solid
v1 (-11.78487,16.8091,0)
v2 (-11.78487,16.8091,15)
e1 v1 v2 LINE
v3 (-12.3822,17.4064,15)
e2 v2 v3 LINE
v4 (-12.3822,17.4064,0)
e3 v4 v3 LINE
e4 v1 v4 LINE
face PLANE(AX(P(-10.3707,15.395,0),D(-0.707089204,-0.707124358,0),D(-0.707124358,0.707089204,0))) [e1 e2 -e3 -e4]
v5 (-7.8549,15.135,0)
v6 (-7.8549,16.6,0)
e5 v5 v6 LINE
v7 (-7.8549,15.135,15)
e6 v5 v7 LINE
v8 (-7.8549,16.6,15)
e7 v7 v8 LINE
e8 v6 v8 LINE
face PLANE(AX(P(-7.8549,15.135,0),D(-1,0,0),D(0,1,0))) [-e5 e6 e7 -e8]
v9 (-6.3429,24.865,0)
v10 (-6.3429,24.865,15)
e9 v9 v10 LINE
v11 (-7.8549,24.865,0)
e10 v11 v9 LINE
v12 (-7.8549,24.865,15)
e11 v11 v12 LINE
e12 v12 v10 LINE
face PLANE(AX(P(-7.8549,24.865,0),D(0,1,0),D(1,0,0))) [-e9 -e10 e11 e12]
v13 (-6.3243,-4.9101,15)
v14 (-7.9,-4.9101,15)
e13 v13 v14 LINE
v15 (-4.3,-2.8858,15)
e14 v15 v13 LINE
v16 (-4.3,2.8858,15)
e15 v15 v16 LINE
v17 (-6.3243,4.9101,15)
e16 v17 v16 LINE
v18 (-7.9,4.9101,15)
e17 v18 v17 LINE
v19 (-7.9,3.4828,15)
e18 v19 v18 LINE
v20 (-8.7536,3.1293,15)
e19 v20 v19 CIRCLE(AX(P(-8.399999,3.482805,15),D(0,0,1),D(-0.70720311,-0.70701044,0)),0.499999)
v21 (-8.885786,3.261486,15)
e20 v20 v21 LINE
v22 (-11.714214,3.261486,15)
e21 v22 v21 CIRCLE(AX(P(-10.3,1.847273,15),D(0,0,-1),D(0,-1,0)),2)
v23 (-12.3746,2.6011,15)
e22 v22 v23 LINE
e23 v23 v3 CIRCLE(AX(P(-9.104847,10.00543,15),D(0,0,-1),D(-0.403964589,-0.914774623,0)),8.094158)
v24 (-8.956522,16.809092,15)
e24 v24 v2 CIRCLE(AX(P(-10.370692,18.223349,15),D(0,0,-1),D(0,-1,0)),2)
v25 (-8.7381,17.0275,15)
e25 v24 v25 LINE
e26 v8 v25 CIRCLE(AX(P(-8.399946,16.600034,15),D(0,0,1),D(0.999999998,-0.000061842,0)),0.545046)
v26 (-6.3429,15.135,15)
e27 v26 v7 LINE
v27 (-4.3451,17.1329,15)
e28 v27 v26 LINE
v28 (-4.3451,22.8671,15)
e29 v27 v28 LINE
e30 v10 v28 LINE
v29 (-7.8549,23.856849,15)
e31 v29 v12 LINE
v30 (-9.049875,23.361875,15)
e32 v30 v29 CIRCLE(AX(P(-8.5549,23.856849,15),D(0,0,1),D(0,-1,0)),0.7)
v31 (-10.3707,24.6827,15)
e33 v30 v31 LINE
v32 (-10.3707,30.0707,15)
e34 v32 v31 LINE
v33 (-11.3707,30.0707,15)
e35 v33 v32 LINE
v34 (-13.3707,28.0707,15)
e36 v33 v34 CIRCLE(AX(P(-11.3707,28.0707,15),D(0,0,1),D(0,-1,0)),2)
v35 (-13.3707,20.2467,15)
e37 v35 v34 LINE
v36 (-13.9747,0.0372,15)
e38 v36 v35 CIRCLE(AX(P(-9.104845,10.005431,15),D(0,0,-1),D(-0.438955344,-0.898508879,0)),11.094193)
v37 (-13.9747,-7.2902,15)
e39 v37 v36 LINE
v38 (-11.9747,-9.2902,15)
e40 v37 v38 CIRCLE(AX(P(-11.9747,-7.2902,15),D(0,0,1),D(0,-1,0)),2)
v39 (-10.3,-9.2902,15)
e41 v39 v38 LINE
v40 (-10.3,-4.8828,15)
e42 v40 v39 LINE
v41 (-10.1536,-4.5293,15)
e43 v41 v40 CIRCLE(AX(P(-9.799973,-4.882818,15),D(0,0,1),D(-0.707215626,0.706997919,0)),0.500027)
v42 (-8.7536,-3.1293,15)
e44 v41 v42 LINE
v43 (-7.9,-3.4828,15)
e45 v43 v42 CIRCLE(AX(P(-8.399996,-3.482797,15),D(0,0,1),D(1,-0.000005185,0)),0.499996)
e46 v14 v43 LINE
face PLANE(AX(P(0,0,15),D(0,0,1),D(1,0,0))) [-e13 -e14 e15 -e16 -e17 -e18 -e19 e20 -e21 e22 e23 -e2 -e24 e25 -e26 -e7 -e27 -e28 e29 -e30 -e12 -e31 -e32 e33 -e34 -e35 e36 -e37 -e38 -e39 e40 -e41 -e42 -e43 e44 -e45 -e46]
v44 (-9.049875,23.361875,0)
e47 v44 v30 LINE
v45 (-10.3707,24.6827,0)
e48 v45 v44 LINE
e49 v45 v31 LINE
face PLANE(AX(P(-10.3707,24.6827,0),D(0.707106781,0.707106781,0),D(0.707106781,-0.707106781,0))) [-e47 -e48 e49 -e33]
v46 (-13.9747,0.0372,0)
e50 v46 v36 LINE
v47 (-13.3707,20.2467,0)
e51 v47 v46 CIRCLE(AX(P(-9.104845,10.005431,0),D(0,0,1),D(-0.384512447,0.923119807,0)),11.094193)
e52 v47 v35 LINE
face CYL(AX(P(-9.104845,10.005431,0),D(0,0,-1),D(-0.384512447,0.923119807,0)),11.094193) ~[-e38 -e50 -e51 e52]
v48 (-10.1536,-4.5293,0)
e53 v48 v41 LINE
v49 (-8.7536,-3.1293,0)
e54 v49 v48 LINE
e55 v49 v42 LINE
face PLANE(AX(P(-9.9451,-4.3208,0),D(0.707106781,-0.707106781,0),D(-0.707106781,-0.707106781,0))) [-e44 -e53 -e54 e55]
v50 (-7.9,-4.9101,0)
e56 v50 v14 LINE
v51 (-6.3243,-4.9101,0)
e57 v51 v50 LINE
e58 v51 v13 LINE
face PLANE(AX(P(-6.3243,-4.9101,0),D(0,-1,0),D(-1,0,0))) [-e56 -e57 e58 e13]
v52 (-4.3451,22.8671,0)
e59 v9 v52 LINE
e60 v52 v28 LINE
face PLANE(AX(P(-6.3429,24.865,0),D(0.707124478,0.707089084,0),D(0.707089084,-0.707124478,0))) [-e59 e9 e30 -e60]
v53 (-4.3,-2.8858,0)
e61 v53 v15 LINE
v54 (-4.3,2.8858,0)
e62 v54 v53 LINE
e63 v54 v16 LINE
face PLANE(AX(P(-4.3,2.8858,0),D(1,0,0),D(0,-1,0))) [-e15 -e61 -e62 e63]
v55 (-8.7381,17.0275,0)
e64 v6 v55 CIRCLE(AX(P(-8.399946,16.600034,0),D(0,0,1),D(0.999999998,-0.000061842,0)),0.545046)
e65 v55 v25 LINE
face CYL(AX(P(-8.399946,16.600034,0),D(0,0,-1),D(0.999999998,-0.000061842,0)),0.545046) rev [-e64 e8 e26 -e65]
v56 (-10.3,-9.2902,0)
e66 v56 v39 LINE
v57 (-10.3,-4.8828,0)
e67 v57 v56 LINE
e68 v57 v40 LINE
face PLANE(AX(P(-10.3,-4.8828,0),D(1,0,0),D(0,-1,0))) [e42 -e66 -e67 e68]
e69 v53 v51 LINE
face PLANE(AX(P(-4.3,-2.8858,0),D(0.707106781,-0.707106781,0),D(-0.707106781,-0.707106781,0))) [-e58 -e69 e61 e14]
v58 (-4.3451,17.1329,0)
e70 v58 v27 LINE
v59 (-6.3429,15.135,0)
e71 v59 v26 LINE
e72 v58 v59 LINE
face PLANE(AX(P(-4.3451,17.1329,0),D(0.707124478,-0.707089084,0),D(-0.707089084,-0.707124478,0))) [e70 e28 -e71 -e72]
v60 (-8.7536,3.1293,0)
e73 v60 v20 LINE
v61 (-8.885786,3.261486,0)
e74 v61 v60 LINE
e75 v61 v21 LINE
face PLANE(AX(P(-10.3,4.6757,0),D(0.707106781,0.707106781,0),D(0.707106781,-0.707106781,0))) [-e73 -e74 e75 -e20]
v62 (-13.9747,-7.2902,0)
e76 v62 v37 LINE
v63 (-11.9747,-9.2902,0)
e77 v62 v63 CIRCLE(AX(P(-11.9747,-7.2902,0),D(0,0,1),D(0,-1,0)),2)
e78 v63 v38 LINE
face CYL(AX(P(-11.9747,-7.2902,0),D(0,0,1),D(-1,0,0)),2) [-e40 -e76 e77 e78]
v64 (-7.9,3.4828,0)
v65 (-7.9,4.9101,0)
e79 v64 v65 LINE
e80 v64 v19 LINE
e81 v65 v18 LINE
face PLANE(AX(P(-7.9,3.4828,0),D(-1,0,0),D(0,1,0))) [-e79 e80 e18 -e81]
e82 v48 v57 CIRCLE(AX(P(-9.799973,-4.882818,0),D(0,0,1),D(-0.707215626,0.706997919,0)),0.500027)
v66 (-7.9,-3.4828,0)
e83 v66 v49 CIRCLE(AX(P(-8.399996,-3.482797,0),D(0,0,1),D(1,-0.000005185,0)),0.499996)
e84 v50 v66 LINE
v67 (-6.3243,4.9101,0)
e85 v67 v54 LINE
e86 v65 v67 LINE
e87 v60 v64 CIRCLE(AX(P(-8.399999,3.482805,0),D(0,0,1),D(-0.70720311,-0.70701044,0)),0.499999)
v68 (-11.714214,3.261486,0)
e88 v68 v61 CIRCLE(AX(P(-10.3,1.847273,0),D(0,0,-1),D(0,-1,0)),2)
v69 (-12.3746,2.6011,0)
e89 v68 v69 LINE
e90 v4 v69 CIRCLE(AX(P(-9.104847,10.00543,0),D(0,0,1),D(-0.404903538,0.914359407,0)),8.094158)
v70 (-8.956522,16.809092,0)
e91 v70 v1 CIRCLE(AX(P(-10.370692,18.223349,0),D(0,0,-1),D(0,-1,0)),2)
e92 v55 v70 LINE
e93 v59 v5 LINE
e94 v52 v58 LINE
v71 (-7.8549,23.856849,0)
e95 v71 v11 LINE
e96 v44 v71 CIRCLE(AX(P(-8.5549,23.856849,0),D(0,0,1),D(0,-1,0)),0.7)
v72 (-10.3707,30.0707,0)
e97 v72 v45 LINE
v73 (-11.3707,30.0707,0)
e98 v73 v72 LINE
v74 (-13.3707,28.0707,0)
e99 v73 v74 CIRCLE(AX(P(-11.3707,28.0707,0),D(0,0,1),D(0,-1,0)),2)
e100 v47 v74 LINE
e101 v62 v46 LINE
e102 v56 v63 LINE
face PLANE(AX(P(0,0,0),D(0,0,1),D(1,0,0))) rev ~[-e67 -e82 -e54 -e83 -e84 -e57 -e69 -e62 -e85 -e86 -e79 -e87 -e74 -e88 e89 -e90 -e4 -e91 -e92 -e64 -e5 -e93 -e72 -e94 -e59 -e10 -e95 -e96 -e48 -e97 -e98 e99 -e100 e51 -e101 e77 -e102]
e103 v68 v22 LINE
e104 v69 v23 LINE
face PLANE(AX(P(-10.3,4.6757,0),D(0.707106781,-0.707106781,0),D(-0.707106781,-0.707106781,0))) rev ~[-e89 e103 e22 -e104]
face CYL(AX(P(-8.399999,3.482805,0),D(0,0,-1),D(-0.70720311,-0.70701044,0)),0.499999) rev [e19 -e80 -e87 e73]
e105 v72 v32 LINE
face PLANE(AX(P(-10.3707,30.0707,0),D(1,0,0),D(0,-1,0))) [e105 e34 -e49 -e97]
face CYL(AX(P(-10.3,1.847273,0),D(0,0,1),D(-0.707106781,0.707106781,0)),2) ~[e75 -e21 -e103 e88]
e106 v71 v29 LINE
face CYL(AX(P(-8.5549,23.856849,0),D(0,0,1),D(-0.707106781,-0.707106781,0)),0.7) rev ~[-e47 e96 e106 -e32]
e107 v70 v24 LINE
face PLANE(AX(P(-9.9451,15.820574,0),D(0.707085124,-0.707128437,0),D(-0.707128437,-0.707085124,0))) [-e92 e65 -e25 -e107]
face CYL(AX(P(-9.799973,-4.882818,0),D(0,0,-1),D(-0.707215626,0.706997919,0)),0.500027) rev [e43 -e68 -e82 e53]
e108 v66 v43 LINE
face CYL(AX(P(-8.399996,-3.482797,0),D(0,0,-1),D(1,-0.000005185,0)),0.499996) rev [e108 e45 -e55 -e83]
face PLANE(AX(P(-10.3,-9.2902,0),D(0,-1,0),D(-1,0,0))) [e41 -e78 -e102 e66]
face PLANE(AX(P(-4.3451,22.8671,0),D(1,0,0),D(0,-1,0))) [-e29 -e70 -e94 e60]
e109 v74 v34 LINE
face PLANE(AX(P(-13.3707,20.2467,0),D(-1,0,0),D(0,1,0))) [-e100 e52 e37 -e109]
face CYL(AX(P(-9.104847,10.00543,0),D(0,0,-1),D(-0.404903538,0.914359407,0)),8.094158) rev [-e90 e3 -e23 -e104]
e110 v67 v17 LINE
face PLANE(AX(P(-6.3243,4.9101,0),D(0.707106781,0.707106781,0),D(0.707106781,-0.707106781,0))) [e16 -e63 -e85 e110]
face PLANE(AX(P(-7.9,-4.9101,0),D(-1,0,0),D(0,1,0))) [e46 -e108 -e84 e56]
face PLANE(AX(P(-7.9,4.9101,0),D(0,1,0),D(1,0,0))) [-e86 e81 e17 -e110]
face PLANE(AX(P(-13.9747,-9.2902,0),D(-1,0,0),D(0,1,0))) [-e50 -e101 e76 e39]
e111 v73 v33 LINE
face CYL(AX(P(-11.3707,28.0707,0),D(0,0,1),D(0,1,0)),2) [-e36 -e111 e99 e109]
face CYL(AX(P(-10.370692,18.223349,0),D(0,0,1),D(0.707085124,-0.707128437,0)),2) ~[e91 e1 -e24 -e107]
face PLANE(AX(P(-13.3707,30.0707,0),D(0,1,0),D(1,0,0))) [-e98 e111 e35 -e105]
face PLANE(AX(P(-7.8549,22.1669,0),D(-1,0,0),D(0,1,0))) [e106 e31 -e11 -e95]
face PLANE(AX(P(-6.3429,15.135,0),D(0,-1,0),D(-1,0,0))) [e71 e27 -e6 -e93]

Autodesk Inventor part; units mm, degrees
ref_plane "YZ Plane" through (0, 0, 0) normal (1, 0, 0) x (0, 1, 0)
ref_plane "XZ Plane" through (0, 0, 0) normal (0, 1, 0) x (-1, 0, 0)
ref_plane "Work Plane1" through (0, 0, 0) normal (0, 0, 1) x (1, 0, 0)
sketch "Sketch1" plane through (0, 0, 0) normal (0, 0, 1) x (1, 0, 0)
  line L0 (-144.9451, -10.0865) -> (145.0549, -10.0865) projected
  line L1 (-9.9451, 37.9135) -> (-9.9451, -12.0865) projected
  line L2 (-122.9451, 37.9135) -> (-9.9451, 37.9135) projected
  line L3 (-122.9451, -12.0865) -> (-122.9451, 37.9135) projected
  line L4 (-122.9451, -12.0865) -> (-9.9451, -12.0865) projected
  line L5 (-2.2167, -121.222) -> (-2.2167, -6.222) projected
  line L6 (-8.2, 6.2) -> (-5.2101, 6.2)
  line L7 (-5.2101, 6.2) -> (-3.0101, 4)
  line L8 (-3.0101, 4) -> (-0.5, 4)
  line L9 (-0.5, 4) -> (0, 3.5)
  line L10 (0, 3.5) -> (0.5, 4)
  line L11 (0.5, 4) -> (3.0101, 4)
  line L12 (3.0101, 4) -> (5.2101, 6.2)
  line L13 (5.2101, 6.2) -> (8.2, 6.2)
  line L14 (8.2, 6.2) -> (8.2, 13.8828)
  line L15 (8.2, 13.8828) -> (5.2101, 13.8828)
  line L16 (5.2101, 13.8828) -> (3.0101, 16.0828)
  line L17 (3.0101, 16.0828) -> (0.5, 16.0828)
  line L18 (0.5, 16.0828) -> (0, 16.5828)
  line L19 (0, 16.5828) -> (-0.5, 16.0828)
  line L20 (-0.5, 16.0828) -> (-3.0101, 16.0828)
  line L21 (-3.0101, 16.0828) -> (-5.2101, 13.8828)
  line L22 (-5.2101, 13.8828) -> (-8.2, 13.8828)
  line L23 (-8.2, 13.8828) -> (-8.2, 6.2)
  line L24 (-8.2, 16.6) -> (-8.2, 14.7899)
  line L25 (-8.2, 14.7899) -> (-6.2, 14.7899)
  line L26 (-6.2, 14.7899) -> (-4, 16.9899)
  line L27 (-4, 16.9899) -> (-4, 19.5)
  line L28 (-4, 19.5) -> (-3.5, 20)
  line L29 (-3.5, 20) -> (-4, 20.5)
  line L30 (-4, 20.5) -> (-4, 23.0101)
  line L31 (-4, 23.0101) -> (-6.2, 25.2101)
  line L32 (-6.2, 25.2101) -> (-8.2, 25.2101)
  line L33 (-8.2, 25.2101) -> (-8.2, 23)
  line L34 (-8.2, 23) -> (-10, 24.8)
  line L35 (-10, 24.8) -> (-10, 30)
  line L36 (-9.0101, 30) -> (-4.8, 30)
  line L37 (-4.8, 30) -> (-3, 28.2)
  line L38 (-3, 28.2) -> (-5.2101, 28.2)
  line L39 (-5.2101, 28.2) -> (-5.2101, 26.2)
  line L40 (-5.2101, 26.2) -> (-3.0101, 24)
  line L41 (-3.0101, 24) -> (-0.5, 24)
  line L42 (-0.5, 24) -> (0, 23.5)
  line L43 (0, 23.5) -> (0.5, 24)
  line L44 (0.5, 24) -> (3.0101, 24)
  line L45 (3.0101, 24) -> (5.2101, 26.2)
  line L46 (5.2101, 26.2) -> (5.2101, 28.2)
  line L47 (5.2101, 28.2) -> (3, 28.2)
  line L48 (3, 28.2) -> (4.8, 30)
  line L49 (4.8, 30) -> (10, 30)
  line L50 (10, 30) -> (10, 24.8)
  line L51 (10, 24.8) -> (8.2, 23)
  line L52 (8.2, 23) -> (8.2, 25.2101)
  line L53 (8.2, 25.2101) -> (6.2, 25.2101)
  line L54 (6.2, 25.2101) -> (4, 23.0101)
  line L55 (4, 23.0101) -> (4, 20.5)
  line L56 (4, 20.5) -> (3.5, 20)
  line L57 (3.5, 20) -> (4, 19.5)
  line L58 (4, 19.5) -> (4, 16.9899)
  line L59 (4, 16.9899) -> (6.2, 14.7899)
  line L60 (6.2, 14.7899) -> (8.2, 14.7899)
  line L61 (8.2, 14.7899) -> (8.2, 17)
  line L62 (8.2, 17) -> (10, 15.2)
  line L63 (10, 15.2) -> (10, 4.8828)
  arc A0 (9.9414, 4.7414) -> (10, 4.8828) centre (9.8, 4.8828) ccw
  line L64 (9.9414, 4.7414) -> (8.5414, 3.3414)
  arc A1 (8.2, 3.4828) -> (8.5414, 3.3414) centre (8.4, 3.4828) ccw
  line L65 (8.2, 3.4828) -> (8.2, 5.2101)
  line L66 (8.2, 5.2101) -> (6.2, 5.2101)
  line L67 (6.2, 5.2101) -> (4, 3.0101)
  line L68 (4, 3.0101) -> (4, 0.5)
  line L69 (4, 0.5) -> (3.5, 0)
  line L70 (3.5, 0) -> (4, -0.5)
  line L71 (4, -0.5) -> (4, -3.0101)
  line L72 (4, -3.0101) -> (6.2, -5.2101)
  line L73 (6.2, -5.2101) -> (8.2, -5.2101)
  line L74 (8.2, -5.2101) -> (8.2, -3.4828)
  arc A2 (8.5414, -3.3414) -> (8.2, -3.4828) centre (8.4, -3.4828) ccw
  line L75 (8.5414, -3.3414) -> (9.9414, -4.7414)
  arc A3 (10, -4.8828) -> (9.9414, -4.7414) centre (9.8, -4.8828) ccw
  line L76 (10, -4.8828) -> (10, -9.8)
  arc A4 (9.8, -10) -> (10, -9.8) centre (9.8, -9.8) ccw
  line L77 (9.8, -10) -> (4.8828, -10)
  arc A5 (4.7414, -9.9414) -> (4.8828, -10) centre (4.8828, -9.8) ccw
  line L78 (4.7414, -9.9414) -> (3.3414, -8.5414)
  arc A6 (3.4828, -8.2) -> (3.3414, -8.5414) centre (3.4828, -8.4) ccw
  line L79 (3.4828, -8.2) -> (5.2101, -8.2)
  line L80 (5.2101, -8.2) -> (5.2101, -6.2)
  line L81 (5.2101, -6.2) -> (3.0101, -4)
  line L82 (3.0101, -4) -> (0.5, -4)
  line L83 (0.5, -4) -> (0, -3.5)
  line L84 (0, -3.5) -> (-0.5, -4)
  line L85 (-0.5, -4) -> (-3.0101, -4)
  line L86 (-3.0101, -4) -> (-5.2101, -6.2)
  line L87 (-5.2101, -6.2) -> (-5.2101, -8.2)
  line L88 (-5.2101, -8.2) -> (-3.4828, -8.2)
  arc A7 (-3.3414, -8.5414) -> (-3.4828, -8.2) centre (-3.4828, -8.4) ccw
  line L89 (-3.3414, -8.5414) -> (-4.7414, -9.9414)
  arc A8 (-4.8828, -10) -> (-4.7414, -9.9414) centre (-4.8828, -9.8) ccw
  line L90 (-10, -9.8) -> (-10, -4.8828)
  arc A9 (-9.9414, -4.7414) -> (-10, -4.8828) centre (-9.8, -4.8828) ccw
  line L91 (-9.9414, -4.7414) -> (-8.5414, -3.3414)
  arc A10 (-8.2, -3.4828) -> (-8.5414, -3.3414) centre (-8.4, -3.4828) ccw
  line L92 (-8.2, -3.4828) -> (-8.2, -5.2101)
  line L93 (-8.2, -5.2101) -> (-6.2, -5.2101)
  line L94 (-6.2, -5.2101) -> (-4, -3.0101)
  line L95 (-4, -3.0101) -> (-4, -0.5)
  line L96 (-4, -0.5) -> (-3.5, 0)
  line L97 (-3.5, 0) -> (-4, 0.5)
  line L98 (-4, 0.5) -> (-4, 3.0101)
  line L99 (-4, 3.0101) -> (-6.2, 5.2101)
  line L100 (-6.2, 5.2101) -> (-8.2, 5.2101)
  line L101 (-8.2, 5.2101) -> (-8.2, 3.4828)
  arc A11 (-8.5414, 3.3414) -> (-8.2, 3.4828) centre (-8.4, 3.4828) ccw
  line L102 (-8.5414, 3.3414) -> (-9.9414, 4.7414)
  arc A12 (-10, 4.8828) -> (-9.9414, 4.7414) centre (-9.8, 4.8828) ccw
  line L103 (-10, 4.8828) -> (-10, 15.2)
  line L104 (-10, 15.2) -> (-8.4, 16.8)
  arc A13 (-8.2, 16.6) -> (-8.4, 16.8) centre (-8.4, 16.6) ccw
  circle A14 centre (0, 20) radius 2
  circle A15 centre (0, 0) radius 2
  line L105 (-4.8828, -10) -> (-8.2, -10)
  line L106 (-10.3707, 24.6827) -> (-7.8549, 22.1669)
  line L107 (-7.8549, 22.1669) -> (-7.8549, 24.865)
  line L108 (-7.8549, 24.865) -> (-6.3429, 24.865)
  line L109 (-6.3429, 24.865) -> (-4.3451, 22.8671)
  line L110 (-4.3451, 22.8671) -> (-4.3451, 20.2929)
  line L111 (-4.3451, 19.7071) -> (-4.3451, 17.1329)
  line L112 (-4.3451, 17.1329) -> (-6.3429, 15.135)
  line L113 (-6.3429, 15.135) -> (-7.8549, 15.135)
  line L114 (-7.8549, 15.135) -> (-7.8549, 16.6)
  arc A16 (-7.8549, 16.6) -> (-8.7381, 17.0275) centre (-8.4, 16.6) ccw
  line L115 (-8.7381, 17.0275) -> (-10.3707, 15.395)
  line L116 (-10.3, 4.6757) -> (-8.7536, 3.1293)
  arc A17 (-8.7536, 3.1293) -> (-7.9, 3.4828) centre (-8.4, 3.4828) ccw
  line L117 (-7.9, 3.4828) -> (-7.9, 4.9101)
  line L118 (-7.9, 4.9101) -> (-6.3243, 4.9101)
  line L119 (-6.3243, 4.9101) -> (-4.3, 2.8858)
  line L120 (-4.3, 2.8858) -> (-4.3, 0.2929)
  line L121 (-4.3, -0.2929) -> (-4.3, -2.8858)
  line L122 (-4.3, -2.8858) -> (-6.3243, -4.9101)
  line L123 (-6.3243, -4.9101) -> (-7.9, -4.9101)
  line L124 (-7.9, -4.9101) -> (-7.9, -3.4828)
  arc A18 (-7.9, -3.4828) -> (-8.7536, -3.1293) centre (-8.4, -3.4828) ccw
  line L125 (-8.7536, -3.1293) -> (-10.1536, -4.5293)
  arc A19 (-10.1536, -4.5293) -> (-10.3, -4.8828) centre (-9.8, -4.8828) ccw
  line L126 (-10.3, -4.8828) -> (-10.3, -9.2902)
  line L127 (-4.3451, 19.7071) -> (-4.3451, 20.2929)
  line L128 (-4.3, -0.2929) -> (-4.3, 0.2929)
  line L129 (-10.3, -9.2902) -> (-13.9747, -9.2902)
  line L130 (-13.3707, 30.0707) -> (-10.3707, 30.0707)
  line L131 (-144.9451, 15.0306) -> (-1.0211, 15.0306) projected
  line L132 (-10.3707, 30.0707) -> (-10.3707, 15.395)
  line L133 (-10.3, 4.6757) -> (-10.3, -9.2902)
  line L134 (-10.2451, 15.0306) -> (-10.2451, 15.135)
  line L135 (-13.9747, -9.2902) -> (-13.9747, 0.0372)
  arc A20 (-12.3822, 17.4064) -> (-12.3746, 2.6011) centre (-9.1048, 10.0054) ccw
  arc A21 (-13.3707, 20.2467) -> (-13.9747, 0.0372) centre (-9.1048, 10.0054) ccw
  line L136 (-13.3707, 16.8707) -> (-13.3707, 16.8842)
  line L137 (-13.3707, 20.2467) -> (-13.3707, 30.0707)
  line L138 (-10.3707, 15.395) -> (-12.3822, 17.4064)
  line L139 (-10.3707, 15.395) -> (-8.2646, 15.395) construction
  line L140 (-10.3, 4.6757) -> (-12.3746, 2.6011)
  line L141 (-10.3, 4.6757) -> (-7.366, 4.6757) construction
  point P0 (0, 0)
  point P1 (145.0549, -10.0865)
  point P2 (-9.8, -10)
  point P3 (-10.2243, 4.6)
  point P4 (-13.9747, 3.5401)
  point P5 (-10.3, 24.6757)
  point P6 (-10.3, -4.8828)
  point P7 (-10.3, -4.8828)
  dimension "d0" = 0.4
  dimension "d1" = 3
  dimension "d13" = 3
  dimension "d14" = 135
  dimension "d15" = 135
extrude "Extrusion1" add sketch "Sketch1" along normal blind 15 contours A21 L137 L130 L132 L138 A20 L131 | L131 A20 L140 L133 L126 L129 L135 A21 | L125 A19 L133 L116 L1 | L1 L116 A17 L117 L118 L119 L120 L128 L121 L122 L123 L124 A18 L125 | L106 L107 L108 L109 L110 L127 L111 L112 L113 L114 A16 L115 L1 | L1 L115 L132 L106
fillet "Fillet1" radius 0.7 1 edges at (-7.8549, 22.1669, 7.5)
fillet "Fillet2" radius 2 2 edges at (-13.9747, -9.2902, 7.5) (-13.3707, 30.0707, 7.5)
fillet "Fillet3" radius 2 2 edges at (-10.3, 4.6757, 7.5) (-10.3707, 15.395, 7.5)
properties part number "Camera Wire Clip"
